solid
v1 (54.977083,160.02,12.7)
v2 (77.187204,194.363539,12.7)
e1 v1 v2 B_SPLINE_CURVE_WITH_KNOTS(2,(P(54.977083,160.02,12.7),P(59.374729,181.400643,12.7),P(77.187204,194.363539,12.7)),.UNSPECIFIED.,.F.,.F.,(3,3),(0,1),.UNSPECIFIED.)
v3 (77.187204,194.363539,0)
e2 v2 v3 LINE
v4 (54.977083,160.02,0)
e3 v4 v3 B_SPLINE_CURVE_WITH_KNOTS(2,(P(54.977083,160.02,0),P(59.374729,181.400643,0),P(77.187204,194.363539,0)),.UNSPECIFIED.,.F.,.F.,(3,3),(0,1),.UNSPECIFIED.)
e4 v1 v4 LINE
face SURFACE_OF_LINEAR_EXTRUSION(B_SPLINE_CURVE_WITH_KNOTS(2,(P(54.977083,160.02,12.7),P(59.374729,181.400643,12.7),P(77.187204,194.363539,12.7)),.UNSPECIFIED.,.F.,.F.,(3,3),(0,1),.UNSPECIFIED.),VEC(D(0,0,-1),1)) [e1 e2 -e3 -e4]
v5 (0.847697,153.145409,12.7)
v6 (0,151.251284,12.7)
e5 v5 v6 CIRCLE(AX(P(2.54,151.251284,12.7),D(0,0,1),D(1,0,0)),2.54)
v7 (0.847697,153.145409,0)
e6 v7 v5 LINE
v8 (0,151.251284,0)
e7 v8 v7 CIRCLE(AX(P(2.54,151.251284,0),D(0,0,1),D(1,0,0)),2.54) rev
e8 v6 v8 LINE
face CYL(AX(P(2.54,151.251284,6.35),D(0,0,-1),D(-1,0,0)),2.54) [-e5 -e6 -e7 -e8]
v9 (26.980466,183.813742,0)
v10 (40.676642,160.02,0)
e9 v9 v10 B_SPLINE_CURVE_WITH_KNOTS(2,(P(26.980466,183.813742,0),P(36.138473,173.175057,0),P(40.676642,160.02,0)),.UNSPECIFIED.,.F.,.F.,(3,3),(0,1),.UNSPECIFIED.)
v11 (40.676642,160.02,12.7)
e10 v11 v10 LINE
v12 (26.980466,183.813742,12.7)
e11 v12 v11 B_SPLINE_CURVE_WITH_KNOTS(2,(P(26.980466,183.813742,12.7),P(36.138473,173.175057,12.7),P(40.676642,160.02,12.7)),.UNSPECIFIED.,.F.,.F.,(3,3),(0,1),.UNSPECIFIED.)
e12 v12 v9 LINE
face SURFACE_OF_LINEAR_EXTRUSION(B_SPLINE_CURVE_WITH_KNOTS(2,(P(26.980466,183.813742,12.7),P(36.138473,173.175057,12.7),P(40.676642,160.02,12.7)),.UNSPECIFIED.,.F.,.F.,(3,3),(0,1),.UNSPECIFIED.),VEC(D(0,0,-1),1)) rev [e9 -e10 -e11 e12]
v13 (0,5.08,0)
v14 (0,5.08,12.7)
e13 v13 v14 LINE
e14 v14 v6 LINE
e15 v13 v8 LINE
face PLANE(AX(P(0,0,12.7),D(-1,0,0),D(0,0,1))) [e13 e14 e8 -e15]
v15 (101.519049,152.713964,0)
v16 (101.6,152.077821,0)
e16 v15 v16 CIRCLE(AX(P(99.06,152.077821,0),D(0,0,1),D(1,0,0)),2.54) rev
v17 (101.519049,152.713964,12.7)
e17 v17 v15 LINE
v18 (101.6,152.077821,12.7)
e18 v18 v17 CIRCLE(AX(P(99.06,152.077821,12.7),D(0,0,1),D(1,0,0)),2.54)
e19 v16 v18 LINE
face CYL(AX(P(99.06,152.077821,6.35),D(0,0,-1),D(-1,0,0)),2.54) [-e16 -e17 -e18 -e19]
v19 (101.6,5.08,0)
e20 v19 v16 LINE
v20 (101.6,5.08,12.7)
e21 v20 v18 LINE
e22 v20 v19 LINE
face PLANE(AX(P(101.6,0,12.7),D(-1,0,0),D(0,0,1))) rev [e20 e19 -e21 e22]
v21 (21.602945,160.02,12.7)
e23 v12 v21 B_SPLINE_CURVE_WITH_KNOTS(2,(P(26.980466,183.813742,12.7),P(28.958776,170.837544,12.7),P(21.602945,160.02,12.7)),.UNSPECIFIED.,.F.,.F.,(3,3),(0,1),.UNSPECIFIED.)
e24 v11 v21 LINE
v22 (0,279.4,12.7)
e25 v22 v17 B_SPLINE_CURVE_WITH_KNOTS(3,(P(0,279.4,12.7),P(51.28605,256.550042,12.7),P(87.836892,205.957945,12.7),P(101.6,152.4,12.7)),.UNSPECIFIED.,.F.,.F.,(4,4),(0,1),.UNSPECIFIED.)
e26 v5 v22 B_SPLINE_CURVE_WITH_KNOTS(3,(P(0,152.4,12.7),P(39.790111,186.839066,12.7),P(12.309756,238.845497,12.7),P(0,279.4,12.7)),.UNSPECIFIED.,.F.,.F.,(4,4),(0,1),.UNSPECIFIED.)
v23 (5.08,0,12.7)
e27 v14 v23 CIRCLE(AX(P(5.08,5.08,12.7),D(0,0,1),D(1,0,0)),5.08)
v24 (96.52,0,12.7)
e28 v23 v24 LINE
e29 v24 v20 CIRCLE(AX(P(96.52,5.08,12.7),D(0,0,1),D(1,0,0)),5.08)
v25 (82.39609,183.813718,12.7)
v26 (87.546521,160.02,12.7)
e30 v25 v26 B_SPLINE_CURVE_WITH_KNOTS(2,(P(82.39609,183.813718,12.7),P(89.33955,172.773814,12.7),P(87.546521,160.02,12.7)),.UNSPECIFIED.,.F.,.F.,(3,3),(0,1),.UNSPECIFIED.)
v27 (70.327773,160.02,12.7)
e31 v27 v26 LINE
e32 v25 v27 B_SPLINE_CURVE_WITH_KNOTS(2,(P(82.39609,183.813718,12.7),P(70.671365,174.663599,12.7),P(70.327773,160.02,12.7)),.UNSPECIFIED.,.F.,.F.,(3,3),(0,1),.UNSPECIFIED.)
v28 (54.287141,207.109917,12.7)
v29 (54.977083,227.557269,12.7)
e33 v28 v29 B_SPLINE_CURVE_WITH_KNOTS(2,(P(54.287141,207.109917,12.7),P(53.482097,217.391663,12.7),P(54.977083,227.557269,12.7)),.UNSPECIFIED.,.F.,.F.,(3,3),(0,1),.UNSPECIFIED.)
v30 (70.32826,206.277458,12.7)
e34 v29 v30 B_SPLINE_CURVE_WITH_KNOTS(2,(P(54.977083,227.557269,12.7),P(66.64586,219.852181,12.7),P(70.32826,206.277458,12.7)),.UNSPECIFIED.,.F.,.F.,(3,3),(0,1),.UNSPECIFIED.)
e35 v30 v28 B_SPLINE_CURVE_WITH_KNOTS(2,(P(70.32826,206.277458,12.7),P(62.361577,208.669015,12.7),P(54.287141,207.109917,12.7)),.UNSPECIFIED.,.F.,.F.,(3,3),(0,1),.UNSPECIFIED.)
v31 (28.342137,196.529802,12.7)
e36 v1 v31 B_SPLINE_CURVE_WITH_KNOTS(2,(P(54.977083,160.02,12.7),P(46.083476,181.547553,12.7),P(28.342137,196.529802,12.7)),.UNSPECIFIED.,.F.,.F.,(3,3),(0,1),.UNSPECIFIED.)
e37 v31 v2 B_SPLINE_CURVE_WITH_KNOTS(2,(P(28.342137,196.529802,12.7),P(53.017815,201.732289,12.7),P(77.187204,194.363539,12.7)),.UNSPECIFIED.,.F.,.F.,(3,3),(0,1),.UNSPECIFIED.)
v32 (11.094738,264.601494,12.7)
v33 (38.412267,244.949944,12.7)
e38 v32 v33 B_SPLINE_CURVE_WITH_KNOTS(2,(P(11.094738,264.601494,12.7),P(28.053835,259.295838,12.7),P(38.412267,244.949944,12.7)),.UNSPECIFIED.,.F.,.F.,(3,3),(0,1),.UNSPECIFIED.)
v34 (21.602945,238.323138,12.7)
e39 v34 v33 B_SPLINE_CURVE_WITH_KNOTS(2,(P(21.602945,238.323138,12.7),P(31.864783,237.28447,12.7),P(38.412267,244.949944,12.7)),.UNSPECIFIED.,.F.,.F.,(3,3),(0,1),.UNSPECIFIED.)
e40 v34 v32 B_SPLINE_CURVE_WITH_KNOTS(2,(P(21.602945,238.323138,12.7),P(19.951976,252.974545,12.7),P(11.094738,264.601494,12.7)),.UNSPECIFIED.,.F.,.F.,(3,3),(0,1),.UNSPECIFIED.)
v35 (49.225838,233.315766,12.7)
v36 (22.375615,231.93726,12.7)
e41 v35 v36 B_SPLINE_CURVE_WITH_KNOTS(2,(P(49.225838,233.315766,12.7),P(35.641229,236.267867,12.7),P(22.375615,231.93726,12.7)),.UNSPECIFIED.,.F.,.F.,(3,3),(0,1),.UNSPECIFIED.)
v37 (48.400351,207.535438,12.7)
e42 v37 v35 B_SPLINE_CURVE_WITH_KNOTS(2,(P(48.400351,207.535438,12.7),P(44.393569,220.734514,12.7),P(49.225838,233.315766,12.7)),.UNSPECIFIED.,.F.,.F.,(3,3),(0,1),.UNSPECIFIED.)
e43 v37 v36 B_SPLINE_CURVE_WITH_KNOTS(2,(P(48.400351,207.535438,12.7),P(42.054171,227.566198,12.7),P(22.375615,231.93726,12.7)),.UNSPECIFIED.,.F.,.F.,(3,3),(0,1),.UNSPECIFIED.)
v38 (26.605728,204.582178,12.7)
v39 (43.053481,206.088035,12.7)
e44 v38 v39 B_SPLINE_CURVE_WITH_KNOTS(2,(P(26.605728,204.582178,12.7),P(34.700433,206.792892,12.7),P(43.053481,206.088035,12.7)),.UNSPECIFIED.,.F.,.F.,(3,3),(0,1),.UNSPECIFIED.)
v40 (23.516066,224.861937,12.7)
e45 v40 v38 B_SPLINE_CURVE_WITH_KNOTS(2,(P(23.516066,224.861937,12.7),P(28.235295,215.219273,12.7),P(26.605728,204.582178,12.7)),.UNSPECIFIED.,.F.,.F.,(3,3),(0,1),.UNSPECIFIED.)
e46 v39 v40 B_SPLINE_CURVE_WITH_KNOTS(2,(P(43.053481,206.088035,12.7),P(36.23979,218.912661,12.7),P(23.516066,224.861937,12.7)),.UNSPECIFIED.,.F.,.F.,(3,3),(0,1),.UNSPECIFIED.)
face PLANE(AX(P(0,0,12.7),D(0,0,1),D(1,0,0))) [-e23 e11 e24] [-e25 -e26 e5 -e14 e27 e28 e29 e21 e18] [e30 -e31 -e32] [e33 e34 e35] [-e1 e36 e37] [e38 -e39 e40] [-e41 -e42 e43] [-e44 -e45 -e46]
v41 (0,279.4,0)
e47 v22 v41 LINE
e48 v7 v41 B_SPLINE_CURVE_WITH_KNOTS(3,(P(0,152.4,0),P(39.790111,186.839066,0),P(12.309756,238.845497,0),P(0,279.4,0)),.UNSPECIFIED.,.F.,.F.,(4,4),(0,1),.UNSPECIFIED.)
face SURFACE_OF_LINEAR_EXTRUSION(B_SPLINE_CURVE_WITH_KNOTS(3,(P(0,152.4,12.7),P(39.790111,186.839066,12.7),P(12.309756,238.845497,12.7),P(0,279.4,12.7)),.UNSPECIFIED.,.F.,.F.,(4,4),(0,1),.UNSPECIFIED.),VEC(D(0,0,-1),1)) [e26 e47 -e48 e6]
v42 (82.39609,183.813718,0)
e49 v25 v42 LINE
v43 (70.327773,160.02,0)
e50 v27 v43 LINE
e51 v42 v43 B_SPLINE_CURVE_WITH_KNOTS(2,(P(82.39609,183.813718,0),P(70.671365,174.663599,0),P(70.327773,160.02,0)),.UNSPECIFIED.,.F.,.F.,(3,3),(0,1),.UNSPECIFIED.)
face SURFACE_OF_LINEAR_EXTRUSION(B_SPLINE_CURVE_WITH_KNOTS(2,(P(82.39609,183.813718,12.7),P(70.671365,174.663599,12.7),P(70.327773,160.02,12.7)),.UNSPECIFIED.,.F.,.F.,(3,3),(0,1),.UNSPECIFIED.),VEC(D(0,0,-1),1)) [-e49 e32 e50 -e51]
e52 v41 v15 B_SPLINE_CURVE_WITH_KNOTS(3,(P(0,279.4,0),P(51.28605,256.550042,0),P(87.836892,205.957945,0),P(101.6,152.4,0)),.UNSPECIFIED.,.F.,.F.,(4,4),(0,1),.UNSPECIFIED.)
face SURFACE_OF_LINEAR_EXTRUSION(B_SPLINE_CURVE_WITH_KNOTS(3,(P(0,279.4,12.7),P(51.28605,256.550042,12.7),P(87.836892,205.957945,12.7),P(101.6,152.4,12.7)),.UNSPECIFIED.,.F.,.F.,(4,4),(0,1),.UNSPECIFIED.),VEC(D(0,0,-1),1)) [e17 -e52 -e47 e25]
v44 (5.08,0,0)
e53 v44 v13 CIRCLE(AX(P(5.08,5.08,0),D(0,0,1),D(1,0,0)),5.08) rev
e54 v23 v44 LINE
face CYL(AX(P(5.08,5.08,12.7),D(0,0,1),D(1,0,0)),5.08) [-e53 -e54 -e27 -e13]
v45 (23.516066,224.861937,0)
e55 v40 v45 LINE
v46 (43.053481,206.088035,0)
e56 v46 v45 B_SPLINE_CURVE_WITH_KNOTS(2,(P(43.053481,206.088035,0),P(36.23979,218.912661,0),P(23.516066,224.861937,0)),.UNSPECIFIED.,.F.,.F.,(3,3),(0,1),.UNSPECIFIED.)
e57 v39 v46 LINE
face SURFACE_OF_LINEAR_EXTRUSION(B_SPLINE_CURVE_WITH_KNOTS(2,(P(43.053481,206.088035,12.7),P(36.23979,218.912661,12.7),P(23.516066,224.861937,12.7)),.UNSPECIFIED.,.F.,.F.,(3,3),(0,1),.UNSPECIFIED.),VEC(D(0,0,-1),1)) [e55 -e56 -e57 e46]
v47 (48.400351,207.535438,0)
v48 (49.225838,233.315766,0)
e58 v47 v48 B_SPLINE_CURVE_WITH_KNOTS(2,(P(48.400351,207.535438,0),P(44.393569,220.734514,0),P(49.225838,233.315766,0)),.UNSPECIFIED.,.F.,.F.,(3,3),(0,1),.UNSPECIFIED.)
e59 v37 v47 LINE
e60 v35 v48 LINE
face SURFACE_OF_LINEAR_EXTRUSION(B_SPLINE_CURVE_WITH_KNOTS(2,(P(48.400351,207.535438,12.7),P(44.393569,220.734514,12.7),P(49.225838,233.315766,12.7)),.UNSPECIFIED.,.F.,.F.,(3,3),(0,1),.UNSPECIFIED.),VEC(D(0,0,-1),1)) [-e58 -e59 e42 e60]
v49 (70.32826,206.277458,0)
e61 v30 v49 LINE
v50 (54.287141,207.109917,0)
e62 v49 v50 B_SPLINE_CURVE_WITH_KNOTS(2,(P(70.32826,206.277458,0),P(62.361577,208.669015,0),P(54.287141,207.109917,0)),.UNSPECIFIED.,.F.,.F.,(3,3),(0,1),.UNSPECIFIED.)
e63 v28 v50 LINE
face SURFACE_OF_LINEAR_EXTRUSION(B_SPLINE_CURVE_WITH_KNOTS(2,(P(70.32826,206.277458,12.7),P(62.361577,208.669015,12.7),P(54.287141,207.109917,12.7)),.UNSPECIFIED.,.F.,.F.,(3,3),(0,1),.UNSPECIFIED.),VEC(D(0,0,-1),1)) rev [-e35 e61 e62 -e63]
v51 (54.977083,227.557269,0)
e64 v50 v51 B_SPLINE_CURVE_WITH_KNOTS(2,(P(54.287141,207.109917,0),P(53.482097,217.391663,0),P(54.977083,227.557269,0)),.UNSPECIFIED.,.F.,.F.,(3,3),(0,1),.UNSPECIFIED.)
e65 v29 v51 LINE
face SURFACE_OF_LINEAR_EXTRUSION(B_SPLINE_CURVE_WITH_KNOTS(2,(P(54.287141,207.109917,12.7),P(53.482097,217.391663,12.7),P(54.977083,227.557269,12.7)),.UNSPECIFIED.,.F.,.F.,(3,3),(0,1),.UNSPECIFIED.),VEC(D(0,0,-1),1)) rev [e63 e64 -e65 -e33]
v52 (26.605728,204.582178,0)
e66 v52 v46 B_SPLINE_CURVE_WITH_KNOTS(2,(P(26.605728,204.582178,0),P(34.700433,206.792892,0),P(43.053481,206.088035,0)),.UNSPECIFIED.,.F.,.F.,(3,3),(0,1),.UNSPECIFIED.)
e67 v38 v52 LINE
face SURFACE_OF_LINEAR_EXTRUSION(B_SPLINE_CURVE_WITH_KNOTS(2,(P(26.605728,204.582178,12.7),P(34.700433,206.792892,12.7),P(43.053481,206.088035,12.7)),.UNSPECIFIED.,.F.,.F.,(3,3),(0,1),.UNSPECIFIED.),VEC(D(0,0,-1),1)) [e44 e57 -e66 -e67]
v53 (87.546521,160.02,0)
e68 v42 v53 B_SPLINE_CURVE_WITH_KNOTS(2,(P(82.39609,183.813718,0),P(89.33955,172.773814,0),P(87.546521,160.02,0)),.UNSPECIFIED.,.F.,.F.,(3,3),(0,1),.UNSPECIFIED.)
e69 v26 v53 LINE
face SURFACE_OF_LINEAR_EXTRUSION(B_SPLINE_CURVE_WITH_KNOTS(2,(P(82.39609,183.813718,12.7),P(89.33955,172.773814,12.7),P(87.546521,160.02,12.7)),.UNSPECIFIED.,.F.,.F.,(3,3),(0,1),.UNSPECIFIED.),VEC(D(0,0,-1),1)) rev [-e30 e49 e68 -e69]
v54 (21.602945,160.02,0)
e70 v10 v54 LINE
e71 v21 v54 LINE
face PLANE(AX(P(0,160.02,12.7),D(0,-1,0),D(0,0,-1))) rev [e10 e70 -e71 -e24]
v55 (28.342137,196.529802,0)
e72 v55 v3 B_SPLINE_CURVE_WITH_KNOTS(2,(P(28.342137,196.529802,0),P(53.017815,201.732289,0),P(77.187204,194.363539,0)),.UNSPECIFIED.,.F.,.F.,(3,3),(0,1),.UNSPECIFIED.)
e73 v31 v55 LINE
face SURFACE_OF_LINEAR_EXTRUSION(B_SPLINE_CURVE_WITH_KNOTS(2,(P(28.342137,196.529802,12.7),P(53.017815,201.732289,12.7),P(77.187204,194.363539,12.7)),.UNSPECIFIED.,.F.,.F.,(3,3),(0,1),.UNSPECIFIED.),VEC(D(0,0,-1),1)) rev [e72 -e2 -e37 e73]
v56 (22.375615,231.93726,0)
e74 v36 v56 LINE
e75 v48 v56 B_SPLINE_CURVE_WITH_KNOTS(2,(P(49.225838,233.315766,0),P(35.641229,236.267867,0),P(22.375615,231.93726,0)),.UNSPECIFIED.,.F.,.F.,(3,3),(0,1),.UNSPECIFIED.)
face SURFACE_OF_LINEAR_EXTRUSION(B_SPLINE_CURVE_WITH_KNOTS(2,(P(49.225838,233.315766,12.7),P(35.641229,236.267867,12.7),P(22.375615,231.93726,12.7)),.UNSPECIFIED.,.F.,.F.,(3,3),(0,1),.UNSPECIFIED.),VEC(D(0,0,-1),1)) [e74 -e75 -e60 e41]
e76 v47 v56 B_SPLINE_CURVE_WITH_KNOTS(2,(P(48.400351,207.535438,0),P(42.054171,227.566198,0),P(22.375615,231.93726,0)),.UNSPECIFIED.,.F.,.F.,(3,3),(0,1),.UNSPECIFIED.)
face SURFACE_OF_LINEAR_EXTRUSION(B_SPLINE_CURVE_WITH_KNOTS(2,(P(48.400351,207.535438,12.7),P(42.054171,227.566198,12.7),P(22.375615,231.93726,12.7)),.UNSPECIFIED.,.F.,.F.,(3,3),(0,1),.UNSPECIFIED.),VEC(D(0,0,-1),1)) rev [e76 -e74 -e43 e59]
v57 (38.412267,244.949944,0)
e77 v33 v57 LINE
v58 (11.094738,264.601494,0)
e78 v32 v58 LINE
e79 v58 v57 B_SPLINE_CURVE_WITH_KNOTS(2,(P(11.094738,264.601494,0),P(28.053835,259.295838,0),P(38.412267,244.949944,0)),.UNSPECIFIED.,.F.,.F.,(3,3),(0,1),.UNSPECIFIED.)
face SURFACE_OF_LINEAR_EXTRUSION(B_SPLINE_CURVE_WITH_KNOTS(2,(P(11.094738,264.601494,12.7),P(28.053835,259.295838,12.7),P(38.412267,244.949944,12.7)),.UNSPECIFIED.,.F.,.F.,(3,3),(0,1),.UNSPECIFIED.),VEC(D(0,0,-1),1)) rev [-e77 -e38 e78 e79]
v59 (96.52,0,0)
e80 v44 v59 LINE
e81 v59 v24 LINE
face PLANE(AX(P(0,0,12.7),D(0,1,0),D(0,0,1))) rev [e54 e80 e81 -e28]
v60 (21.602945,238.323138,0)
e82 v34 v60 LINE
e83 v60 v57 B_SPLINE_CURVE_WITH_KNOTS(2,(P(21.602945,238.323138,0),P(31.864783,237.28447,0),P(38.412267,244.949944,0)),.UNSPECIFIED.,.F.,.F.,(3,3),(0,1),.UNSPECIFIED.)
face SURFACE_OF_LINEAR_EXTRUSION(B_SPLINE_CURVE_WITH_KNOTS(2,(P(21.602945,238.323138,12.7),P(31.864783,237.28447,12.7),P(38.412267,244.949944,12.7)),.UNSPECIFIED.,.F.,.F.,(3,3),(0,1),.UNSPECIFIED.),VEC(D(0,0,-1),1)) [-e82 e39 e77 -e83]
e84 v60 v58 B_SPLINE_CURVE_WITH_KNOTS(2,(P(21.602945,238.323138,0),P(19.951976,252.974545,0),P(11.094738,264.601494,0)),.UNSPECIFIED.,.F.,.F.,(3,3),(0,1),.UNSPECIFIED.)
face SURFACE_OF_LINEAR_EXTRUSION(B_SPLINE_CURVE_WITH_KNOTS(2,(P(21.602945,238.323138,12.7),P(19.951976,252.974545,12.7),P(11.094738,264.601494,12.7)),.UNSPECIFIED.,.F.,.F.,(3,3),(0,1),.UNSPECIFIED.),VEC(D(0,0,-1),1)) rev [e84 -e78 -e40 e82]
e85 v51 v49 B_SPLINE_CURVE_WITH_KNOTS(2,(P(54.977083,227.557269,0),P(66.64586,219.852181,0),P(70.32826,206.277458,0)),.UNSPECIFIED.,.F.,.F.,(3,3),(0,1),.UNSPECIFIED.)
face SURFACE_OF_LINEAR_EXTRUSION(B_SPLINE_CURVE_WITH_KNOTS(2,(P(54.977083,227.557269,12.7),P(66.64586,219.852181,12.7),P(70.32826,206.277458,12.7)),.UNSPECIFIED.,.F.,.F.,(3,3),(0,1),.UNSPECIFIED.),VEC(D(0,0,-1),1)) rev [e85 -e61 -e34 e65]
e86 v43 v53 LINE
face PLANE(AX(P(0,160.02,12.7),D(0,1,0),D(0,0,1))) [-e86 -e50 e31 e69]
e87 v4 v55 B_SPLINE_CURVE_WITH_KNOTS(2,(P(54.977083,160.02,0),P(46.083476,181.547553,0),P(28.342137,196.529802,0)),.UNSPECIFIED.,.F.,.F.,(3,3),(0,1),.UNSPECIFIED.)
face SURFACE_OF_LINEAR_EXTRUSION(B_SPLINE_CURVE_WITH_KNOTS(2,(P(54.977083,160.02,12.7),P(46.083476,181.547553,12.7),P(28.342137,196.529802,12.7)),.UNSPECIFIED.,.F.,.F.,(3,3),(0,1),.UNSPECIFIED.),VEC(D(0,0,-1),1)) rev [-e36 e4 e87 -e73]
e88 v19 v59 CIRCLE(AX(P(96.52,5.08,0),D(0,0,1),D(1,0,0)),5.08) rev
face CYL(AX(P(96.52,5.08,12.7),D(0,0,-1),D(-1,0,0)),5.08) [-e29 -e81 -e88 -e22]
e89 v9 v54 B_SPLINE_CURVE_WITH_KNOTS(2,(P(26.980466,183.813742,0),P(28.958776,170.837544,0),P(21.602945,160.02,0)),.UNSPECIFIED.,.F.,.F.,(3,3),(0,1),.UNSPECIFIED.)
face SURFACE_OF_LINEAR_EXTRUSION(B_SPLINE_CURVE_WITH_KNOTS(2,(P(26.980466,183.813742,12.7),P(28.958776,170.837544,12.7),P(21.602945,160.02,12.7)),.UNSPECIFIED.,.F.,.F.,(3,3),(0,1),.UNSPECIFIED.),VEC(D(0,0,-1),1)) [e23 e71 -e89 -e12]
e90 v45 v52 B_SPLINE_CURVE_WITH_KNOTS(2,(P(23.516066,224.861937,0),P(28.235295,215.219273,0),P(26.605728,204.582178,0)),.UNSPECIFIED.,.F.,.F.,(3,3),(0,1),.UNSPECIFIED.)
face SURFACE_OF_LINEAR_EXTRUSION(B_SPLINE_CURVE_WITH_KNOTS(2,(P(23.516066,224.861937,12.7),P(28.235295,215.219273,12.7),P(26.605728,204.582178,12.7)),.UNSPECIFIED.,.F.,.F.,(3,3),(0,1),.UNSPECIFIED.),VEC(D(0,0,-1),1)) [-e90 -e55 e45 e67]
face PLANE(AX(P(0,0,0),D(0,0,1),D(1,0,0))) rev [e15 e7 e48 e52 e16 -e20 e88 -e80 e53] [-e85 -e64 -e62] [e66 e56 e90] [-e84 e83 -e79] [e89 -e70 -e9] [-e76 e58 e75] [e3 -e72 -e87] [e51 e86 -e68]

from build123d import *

# Parameters (mm, degrees)
SKETCH1_W           = 101.6
SKETCH1_H           = 152.4
BOSS_EXTRUDE1_DEPTH = 12.7
BOSS_EXTRUDE3_DEPTH = 12.7
FILLET1_R           = 2.54
FILLET2_R           = 5.08


with BuildPart() as part:
    # Sketch1 → Boss-Extrude1 (new body)
    with BuildSketch(Plane.XY):
        with Locations((50.8, 76.2)):
            Rectangle(SKETCH1_W, SKETCH1_H)
    extrude(amount=BOSS_EXTRUDE1_DEPTH)

    # Sketch2 → Boss-Extrude3 (add)
    with BuildSketch(Plane.XY):
        with BuildLine():
            add(Edge.make_bspline(
                [(0, 152.4), (39.790111277, 186.839065643), (12.30975625, 238.845497073), (0, 279.4)],
                knots=[0, 0, 0, 0, 1, 1, 1, 1], degree=3))
            add(Edge.make_bspline(
                [(0, 279.4), (51.286050257, 256.550041835), (87.836892382, 205.957944637), (101.6, 152.4)],
                knots=[0, 0, 0, 0, 1, 1, 1, 1], degree=3))
            Line((101.6, 152.4), (0, 152.4))
        make_face()
        with BuildLine():
            add(Edge.make_bspline(
                [(49.225838487, 233.315766274), (35.641228944, 236.267866949), (22.375615267, 231.937259722)],
                knots=[0, 0, 0, 1, 1, 1], degree=2))
            add(Edge.make_bspline(
                [(48.400350721, 207.535437601), (42.054170901, 227.566198031), (22.375615267, 231.937259722)],
                knots=[0, 0, 0, 1, 1, 1], degree=2))
            add(Edge.make_bspline(
                [(48.400350721, 207.535437601), (44.393568943, 220.734513873), (49.225838487, 233.315766274)],
                knots=[0, 0, 0, 1, 1, 1], degree=2))
        make_face(mode=Mode.SUBTRACT)
        with BuildLine():
            add(Edge.make_bspline(
                [(43.05348098, 206.08803494), (36.239789994, 218.91266054), (23.516066372, 224.861937296)],
                knots=[0, 0, 0, 1, 1, 1], degree=2))
            add(Edge.make_bspline(
                [(23.516066372, 224.861937296), (28.235295407, 215.21927262), (26.605728117, 204.582177714)],
                knots=[0, 0, 0, 1, 1, 1], degree=2))
            add(Edge.make_bspline(
                [(26.605728117, 204.582177714), (34.700432609, 206.792891754), (43.05348098, 206.08803494)],
                knots=[0, 0, 0, 1, 1, 1], degree=2))
        make_face(mode=Mode.SUBTRACT)
        with BuildLine():
            add(Edge.make_bspline(
                [(82.396089655, 183.81371778), (70.6713649, 174.663598784), (70.32777317, 160.02)],
                knots=[0, 0, 0, 1, 1, 1], degree=2))
            Line((70.32777317, 160.02), (87.546521436, 160.02))
            add(Edge.make_bspline(
                [(82.396089655, 183.81371778), (89.339550367, 172.773814043), (87.546521436, 160.02)],
                knots=[0, 0, 0, 1, 1, 1], degree=2))
        make_face(mode=Mode.SUBTRACT)
        with BuildLine():
            add(Edge.make_bspline(
                [(26.980466376, 183.81374211), (28.958775605, 170.837543608), (21.602944743, 160.02)],
                knots=[0, 0, 0, 1, 1, 1], degree=2))
            Line((21.602944743, 160.02), (40.676641776, 160.02))
            add(Edge.make_bspline(
                [(26.980466376, 183.81374211), (36.13847285, 173.175056715), (40.676641776, 160.02)],
                knots=[0, 0, 0, 1, 1, 1], degree=2))
        make_face(mode=Mode.SUBTRACT)
        with BuildLine():
            add(Edge.make_bspline(
                [(54.97708308, 160.02), (46.08347584, 181.54755316), (28.342136903, 196.529802482)],
                knots=[0, 0, 0, 1, 1, 1], degree=2))
            add(Edge.make_bspline(
                [(28.342136903, 196.529802482), (53.017815002, 201.732288521), (77.187204495, 194.363538628)],
                knots=[0, 0, 0, 1, 1, 1], degree=2))
            add(Edge.make_bspline(
                [(54.97708308, 160.02), (59.374728895, 181.400643158), (77.187204495, 194.363538628)],
                knots=[0, 0, 0, 1, 1, 1], degree=2))
        make_face(mode=Mode.SUBTRACT)
        with BuildLine():
            add(Edge.make_bspline(
                [(70.328259561, 206.277457578), (62.361576962, 208.669014941), (54.287141362, 207.109917469)],
                knots=[0, 0, 0, 1, 1, 1], degree=2))
            add(Edge.make_bspline(
                [(54.287141362, 207.109917469), (53.482096811, 217.391663167), (54.97708308, 227.557269012)],
                knots=[0, 0, 0, 1, 1, 1], degree=2))
            add(Edge.make_bspline(
                [(54.97708308, 227.557269012), (66.645859754, 219.852180834), (70.328259561, 206.277457578)],
                knots=[0, 0, 0, 1, 1, 1], degree=2))
        make_face(mode=Mode.SUBTRACT)
        with BuildLine():
            add(Edge.make_bspline(
                [(21.602944743, 238.323137826), (19.95197567, 252.974545225), (11.094737768, 264.601494061)],
                knots=[0, 0, 0, 1, 1, 1], degree=2))
            add(Edge.make_bspline(
                [(11.094737768, 264.601494061), (28.053835186, 259.295838115), (38.412267282, 244.949944056)],
                knots=[0, 0, 0, 1, 1, 1], degree=2))
            add(Edge.make_bspline(
                [(21.602944743, 238.323137826), (31.864782779, 237.284469605), (38.412267282, 244.949944056)],
                knots=[0, 0, 0, 1, 1, 1], degree=2))
        make_face(mode=Mode.SUBTRACT)
    extrude(amount=BOSS_EXTRUDE3_DEPTH)

    # Fillet1
    fillet1_edges = [part.edges().sort_by_distance(p)[0] for p in [
        (101.6, 152.4, 6.35),
        (0, 152.4, 6.35),
    ]]
    fillet(fillet1_edges, radius=FILLET1_R)

    # Fillet2
    fillet2_edges = [part.edges().sort_by_distance(p)[0] for p in [
        (0, 0, 6.35),
        (101.6, 0, 6.35),
    ]]
    fillet(fillet2_edges, radius=FILLET2_R)


solid = part.part
